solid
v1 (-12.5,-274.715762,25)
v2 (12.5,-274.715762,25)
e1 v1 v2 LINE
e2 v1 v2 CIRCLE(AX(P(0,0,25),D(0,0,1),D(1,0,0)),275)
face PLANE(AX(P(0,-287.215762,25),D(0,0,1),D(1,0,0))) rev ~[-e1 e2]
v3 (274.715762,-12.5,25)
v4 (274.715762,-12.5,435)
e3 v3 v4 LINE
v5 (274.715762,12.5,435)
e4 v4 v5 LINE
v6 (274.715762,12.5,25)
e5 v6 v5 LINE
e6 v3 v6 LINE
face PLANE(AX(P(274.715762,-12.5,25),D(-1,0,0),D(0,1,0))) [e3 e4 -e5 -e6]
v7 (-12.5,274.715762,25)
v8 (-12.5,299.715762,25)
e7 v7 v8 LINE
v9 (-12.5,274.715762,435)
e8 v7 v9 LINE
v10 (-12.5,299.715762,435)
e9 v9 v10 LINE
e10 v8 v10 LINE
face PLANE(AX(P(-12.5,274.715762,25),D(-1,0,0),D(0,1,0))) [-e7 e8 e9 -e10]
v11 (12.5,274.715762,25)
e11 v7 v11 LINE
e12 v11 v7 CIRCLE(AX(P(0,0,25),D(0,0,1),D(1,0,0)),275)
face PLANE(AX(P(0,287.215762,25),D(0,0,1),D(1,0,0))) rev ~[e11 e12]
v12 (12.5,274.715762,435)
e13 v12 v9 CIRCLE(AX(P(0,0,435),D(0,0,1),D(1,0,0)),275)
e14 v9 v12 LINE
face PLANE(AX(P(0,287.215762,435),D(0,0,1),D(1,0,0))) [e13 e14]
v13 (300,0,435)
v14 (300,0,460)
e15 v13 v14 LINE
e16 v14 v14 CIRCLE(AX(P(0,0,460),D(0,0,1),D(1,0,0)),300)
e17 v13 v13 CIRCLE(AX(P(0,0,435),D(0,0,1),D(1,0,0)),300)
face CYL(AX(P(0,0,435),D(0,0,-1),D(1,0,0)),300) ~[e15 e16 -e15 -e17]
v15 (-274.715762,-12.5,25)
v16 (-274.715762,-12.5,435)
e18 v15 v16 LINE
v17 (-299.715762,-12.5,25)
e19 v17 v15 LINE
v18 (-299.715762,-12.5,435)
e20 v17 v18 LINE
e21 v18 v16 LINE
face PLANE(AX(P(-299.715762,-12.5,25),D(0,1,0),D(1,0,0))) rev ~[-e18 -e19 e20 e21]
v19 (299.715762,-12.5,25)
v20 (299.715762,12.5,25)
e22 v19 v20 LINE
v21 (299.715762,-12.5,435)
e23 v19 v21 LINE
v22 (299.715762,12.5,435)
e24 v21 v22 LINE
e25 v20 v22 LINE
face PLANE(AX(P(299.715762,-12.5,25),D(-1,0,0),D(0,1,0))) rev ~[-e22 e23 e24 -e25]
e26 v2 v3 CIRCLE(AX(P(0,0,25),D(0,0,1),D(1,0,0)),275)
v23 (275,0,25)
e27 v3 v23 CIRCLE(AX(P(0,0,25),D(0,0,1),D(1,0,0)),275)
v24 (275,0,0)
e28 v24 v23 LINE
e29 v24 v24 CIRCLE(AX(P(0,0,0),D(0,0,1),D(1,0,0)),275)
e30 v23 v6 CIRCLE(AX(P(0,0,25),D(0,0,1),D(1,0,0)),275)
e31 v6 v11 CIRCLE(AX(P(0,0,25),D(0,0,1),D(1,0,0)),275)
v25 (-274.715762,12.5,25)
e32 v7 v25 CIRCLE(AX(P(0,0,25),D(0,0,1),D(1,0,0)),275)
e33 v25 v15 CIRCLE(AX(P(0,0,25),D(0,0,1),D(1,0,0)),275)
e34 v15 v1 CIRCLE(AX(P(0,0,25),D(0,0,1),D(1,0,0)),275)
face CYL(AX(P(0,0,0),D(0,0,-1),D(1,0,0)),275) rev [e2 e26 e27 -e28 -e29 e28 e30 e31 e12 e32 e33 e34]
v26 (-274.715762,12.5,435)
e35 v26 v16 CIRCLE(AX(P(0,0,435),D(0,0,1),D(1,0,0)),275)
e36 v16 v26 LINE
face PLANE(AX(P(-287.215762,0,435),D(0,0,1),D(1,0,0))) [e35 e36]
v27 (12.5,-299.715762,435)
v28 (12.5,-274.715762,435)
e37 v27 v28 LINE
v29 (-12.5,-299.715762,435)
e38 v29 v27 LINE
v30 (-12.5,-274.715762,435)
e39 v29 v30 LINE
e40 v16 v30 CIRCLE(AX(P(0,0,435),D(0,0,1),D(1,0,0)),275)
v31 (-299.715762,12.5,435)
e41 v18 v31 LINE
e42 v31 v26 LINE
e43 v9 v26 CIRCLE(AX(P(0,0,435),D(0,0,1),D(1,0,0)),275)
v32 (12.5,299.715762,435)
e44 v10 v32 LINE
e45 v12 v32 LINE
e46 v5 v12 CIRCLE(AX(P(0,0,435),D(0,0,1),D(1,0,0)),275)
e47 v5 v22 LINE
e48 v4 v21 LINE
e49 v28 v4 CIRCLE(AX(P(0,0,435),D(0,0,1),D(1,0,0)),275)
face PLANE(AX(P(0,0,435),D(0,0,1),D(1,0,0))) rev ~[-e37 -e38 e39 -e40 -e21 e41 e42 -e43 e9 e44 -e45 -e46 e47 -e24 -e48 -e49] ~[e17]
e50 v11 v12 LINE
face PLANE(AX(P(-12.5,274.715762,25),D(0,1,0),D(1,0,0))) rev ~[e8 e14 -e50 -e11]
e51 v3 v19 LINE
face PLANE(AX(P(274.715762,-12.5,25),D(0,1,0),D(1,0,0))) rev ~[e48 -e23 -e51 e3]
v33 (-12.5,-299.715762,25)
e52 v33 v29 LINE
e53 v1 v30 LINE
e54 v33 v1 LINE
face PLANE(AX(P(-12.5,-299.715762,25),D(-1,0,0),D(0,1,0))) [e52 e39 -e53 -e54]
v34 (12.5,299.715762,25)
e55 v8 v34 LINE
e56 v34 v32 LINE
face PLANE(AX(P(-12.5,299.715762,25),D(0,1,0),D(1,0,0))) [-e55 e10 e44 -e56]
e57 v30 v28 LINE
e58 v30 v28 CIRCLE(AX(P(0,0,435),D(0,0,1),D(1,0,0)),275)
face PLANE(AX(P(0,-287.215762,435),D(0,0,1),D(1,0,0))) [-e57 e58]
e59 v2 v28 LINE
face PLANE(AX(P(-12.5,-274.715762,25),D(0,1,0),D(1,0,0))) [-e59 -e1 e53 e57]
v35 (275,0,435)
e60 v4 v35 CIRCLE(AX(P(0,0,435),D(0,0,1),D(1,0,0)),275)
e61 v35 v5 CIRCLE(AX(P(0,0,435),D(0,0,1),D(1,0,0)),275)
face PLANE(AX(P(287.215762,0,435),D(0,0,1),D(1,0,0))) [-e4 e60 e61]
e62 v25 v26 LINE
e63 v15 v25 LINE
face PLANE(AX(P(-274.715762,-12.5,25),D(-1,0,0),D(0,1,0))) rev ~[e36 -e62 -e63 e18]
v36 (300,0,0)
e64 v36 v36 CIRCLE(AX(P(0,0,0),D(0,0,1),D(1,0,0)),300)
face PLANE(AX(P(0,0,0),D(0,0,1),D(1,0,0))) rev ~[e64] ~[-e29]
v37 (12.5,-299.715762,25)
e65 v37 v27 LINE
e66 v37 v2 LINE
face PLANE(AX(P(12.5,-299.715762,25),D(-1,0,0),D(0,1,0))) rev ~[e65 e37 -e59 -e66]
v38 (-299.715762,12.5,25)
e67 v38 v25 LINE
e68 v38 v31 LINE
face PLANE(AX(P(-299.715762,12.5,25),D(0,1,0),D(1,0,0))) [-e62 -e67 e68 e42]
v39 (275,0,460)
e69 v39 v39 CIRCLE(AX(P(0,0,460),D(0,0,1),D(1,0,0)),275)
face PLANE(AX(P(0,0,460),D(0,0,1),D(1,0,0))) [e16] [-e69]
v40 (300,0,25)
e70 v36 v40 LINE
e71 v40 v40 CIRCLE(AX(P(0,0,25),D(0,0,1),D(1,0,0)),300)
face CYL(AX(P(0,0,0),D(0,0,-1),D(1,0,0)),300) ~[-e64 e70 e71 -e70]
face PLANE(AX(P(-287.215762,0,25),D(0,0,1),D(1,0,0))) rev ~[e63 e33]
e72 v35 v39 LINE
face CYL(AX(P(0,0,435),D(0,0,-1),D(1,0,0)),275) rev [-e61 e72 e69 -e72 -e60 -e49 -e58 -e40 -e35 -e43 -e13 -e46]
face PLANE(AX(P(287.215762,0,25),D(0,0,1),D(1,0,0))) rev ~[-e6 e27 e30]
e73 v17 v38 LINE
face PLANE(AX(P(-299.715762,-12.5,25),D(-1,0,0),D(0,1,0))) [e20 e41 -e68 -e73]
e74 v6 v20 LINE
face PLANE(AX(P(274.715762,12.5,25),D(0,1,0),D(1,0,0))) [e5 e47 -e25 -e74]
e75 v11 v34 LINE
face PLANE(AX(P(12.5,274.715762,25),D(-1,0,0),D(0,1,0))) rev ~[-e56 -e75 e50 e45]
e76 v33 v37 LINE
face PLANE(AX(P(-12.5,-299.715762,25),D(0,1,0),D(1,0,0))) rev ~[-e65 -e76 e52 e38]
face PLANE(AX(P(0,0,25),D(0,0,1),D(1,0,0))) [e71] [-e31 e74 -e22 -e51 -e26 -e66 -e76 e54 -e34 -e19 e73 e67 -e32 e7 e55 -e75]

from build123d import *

# Parameters (mm, degrees)
F1_R     = 300
F1_R_2   = 275
F2_DEPTH = 25
F3_W     = 25
F3_H     = 25
F4_DEPTH = 410
F6_R     = 300
F6_R_2   = 275
F7_DEPTH = 25


with BuildPart() as f2:
    # F1 (on face) → F2 (new body)
    with BuildSketch(Plane.XY):
        Circle(F1_R)
        Circle(F1_R_2, mode=Mode.SUBTRACT)
    extrude(amount=F2_DEPTH)

    # F3 (on face) → F4 (join)
    with BuildSketch(Plane.XY.offset(25)):
        with Locations((0, 287.215762)):
            Rectangle(F3_W, F3_H)
        with Locations((-287.215762, 0)):
            Rectangle(F3_W, F3_H)
        with Locations((0, -287.215762)):
            Rectangle(F3_W, F3_H)
        with Locations((287.215762, 0)):
            Rectangle(F3_W, F3_H)
    extrude(amount=F4_DEPTH)

    # F6 (on offset) → F7 (join)
    with BuildSketch(Plane.XY.offset(435)):
        Circle(F6_R)
        Circle(F6_R_2, mode=Mode.SUBTRACT)
    extrude(amount=F7_DEPTH)


solid = f2.part
